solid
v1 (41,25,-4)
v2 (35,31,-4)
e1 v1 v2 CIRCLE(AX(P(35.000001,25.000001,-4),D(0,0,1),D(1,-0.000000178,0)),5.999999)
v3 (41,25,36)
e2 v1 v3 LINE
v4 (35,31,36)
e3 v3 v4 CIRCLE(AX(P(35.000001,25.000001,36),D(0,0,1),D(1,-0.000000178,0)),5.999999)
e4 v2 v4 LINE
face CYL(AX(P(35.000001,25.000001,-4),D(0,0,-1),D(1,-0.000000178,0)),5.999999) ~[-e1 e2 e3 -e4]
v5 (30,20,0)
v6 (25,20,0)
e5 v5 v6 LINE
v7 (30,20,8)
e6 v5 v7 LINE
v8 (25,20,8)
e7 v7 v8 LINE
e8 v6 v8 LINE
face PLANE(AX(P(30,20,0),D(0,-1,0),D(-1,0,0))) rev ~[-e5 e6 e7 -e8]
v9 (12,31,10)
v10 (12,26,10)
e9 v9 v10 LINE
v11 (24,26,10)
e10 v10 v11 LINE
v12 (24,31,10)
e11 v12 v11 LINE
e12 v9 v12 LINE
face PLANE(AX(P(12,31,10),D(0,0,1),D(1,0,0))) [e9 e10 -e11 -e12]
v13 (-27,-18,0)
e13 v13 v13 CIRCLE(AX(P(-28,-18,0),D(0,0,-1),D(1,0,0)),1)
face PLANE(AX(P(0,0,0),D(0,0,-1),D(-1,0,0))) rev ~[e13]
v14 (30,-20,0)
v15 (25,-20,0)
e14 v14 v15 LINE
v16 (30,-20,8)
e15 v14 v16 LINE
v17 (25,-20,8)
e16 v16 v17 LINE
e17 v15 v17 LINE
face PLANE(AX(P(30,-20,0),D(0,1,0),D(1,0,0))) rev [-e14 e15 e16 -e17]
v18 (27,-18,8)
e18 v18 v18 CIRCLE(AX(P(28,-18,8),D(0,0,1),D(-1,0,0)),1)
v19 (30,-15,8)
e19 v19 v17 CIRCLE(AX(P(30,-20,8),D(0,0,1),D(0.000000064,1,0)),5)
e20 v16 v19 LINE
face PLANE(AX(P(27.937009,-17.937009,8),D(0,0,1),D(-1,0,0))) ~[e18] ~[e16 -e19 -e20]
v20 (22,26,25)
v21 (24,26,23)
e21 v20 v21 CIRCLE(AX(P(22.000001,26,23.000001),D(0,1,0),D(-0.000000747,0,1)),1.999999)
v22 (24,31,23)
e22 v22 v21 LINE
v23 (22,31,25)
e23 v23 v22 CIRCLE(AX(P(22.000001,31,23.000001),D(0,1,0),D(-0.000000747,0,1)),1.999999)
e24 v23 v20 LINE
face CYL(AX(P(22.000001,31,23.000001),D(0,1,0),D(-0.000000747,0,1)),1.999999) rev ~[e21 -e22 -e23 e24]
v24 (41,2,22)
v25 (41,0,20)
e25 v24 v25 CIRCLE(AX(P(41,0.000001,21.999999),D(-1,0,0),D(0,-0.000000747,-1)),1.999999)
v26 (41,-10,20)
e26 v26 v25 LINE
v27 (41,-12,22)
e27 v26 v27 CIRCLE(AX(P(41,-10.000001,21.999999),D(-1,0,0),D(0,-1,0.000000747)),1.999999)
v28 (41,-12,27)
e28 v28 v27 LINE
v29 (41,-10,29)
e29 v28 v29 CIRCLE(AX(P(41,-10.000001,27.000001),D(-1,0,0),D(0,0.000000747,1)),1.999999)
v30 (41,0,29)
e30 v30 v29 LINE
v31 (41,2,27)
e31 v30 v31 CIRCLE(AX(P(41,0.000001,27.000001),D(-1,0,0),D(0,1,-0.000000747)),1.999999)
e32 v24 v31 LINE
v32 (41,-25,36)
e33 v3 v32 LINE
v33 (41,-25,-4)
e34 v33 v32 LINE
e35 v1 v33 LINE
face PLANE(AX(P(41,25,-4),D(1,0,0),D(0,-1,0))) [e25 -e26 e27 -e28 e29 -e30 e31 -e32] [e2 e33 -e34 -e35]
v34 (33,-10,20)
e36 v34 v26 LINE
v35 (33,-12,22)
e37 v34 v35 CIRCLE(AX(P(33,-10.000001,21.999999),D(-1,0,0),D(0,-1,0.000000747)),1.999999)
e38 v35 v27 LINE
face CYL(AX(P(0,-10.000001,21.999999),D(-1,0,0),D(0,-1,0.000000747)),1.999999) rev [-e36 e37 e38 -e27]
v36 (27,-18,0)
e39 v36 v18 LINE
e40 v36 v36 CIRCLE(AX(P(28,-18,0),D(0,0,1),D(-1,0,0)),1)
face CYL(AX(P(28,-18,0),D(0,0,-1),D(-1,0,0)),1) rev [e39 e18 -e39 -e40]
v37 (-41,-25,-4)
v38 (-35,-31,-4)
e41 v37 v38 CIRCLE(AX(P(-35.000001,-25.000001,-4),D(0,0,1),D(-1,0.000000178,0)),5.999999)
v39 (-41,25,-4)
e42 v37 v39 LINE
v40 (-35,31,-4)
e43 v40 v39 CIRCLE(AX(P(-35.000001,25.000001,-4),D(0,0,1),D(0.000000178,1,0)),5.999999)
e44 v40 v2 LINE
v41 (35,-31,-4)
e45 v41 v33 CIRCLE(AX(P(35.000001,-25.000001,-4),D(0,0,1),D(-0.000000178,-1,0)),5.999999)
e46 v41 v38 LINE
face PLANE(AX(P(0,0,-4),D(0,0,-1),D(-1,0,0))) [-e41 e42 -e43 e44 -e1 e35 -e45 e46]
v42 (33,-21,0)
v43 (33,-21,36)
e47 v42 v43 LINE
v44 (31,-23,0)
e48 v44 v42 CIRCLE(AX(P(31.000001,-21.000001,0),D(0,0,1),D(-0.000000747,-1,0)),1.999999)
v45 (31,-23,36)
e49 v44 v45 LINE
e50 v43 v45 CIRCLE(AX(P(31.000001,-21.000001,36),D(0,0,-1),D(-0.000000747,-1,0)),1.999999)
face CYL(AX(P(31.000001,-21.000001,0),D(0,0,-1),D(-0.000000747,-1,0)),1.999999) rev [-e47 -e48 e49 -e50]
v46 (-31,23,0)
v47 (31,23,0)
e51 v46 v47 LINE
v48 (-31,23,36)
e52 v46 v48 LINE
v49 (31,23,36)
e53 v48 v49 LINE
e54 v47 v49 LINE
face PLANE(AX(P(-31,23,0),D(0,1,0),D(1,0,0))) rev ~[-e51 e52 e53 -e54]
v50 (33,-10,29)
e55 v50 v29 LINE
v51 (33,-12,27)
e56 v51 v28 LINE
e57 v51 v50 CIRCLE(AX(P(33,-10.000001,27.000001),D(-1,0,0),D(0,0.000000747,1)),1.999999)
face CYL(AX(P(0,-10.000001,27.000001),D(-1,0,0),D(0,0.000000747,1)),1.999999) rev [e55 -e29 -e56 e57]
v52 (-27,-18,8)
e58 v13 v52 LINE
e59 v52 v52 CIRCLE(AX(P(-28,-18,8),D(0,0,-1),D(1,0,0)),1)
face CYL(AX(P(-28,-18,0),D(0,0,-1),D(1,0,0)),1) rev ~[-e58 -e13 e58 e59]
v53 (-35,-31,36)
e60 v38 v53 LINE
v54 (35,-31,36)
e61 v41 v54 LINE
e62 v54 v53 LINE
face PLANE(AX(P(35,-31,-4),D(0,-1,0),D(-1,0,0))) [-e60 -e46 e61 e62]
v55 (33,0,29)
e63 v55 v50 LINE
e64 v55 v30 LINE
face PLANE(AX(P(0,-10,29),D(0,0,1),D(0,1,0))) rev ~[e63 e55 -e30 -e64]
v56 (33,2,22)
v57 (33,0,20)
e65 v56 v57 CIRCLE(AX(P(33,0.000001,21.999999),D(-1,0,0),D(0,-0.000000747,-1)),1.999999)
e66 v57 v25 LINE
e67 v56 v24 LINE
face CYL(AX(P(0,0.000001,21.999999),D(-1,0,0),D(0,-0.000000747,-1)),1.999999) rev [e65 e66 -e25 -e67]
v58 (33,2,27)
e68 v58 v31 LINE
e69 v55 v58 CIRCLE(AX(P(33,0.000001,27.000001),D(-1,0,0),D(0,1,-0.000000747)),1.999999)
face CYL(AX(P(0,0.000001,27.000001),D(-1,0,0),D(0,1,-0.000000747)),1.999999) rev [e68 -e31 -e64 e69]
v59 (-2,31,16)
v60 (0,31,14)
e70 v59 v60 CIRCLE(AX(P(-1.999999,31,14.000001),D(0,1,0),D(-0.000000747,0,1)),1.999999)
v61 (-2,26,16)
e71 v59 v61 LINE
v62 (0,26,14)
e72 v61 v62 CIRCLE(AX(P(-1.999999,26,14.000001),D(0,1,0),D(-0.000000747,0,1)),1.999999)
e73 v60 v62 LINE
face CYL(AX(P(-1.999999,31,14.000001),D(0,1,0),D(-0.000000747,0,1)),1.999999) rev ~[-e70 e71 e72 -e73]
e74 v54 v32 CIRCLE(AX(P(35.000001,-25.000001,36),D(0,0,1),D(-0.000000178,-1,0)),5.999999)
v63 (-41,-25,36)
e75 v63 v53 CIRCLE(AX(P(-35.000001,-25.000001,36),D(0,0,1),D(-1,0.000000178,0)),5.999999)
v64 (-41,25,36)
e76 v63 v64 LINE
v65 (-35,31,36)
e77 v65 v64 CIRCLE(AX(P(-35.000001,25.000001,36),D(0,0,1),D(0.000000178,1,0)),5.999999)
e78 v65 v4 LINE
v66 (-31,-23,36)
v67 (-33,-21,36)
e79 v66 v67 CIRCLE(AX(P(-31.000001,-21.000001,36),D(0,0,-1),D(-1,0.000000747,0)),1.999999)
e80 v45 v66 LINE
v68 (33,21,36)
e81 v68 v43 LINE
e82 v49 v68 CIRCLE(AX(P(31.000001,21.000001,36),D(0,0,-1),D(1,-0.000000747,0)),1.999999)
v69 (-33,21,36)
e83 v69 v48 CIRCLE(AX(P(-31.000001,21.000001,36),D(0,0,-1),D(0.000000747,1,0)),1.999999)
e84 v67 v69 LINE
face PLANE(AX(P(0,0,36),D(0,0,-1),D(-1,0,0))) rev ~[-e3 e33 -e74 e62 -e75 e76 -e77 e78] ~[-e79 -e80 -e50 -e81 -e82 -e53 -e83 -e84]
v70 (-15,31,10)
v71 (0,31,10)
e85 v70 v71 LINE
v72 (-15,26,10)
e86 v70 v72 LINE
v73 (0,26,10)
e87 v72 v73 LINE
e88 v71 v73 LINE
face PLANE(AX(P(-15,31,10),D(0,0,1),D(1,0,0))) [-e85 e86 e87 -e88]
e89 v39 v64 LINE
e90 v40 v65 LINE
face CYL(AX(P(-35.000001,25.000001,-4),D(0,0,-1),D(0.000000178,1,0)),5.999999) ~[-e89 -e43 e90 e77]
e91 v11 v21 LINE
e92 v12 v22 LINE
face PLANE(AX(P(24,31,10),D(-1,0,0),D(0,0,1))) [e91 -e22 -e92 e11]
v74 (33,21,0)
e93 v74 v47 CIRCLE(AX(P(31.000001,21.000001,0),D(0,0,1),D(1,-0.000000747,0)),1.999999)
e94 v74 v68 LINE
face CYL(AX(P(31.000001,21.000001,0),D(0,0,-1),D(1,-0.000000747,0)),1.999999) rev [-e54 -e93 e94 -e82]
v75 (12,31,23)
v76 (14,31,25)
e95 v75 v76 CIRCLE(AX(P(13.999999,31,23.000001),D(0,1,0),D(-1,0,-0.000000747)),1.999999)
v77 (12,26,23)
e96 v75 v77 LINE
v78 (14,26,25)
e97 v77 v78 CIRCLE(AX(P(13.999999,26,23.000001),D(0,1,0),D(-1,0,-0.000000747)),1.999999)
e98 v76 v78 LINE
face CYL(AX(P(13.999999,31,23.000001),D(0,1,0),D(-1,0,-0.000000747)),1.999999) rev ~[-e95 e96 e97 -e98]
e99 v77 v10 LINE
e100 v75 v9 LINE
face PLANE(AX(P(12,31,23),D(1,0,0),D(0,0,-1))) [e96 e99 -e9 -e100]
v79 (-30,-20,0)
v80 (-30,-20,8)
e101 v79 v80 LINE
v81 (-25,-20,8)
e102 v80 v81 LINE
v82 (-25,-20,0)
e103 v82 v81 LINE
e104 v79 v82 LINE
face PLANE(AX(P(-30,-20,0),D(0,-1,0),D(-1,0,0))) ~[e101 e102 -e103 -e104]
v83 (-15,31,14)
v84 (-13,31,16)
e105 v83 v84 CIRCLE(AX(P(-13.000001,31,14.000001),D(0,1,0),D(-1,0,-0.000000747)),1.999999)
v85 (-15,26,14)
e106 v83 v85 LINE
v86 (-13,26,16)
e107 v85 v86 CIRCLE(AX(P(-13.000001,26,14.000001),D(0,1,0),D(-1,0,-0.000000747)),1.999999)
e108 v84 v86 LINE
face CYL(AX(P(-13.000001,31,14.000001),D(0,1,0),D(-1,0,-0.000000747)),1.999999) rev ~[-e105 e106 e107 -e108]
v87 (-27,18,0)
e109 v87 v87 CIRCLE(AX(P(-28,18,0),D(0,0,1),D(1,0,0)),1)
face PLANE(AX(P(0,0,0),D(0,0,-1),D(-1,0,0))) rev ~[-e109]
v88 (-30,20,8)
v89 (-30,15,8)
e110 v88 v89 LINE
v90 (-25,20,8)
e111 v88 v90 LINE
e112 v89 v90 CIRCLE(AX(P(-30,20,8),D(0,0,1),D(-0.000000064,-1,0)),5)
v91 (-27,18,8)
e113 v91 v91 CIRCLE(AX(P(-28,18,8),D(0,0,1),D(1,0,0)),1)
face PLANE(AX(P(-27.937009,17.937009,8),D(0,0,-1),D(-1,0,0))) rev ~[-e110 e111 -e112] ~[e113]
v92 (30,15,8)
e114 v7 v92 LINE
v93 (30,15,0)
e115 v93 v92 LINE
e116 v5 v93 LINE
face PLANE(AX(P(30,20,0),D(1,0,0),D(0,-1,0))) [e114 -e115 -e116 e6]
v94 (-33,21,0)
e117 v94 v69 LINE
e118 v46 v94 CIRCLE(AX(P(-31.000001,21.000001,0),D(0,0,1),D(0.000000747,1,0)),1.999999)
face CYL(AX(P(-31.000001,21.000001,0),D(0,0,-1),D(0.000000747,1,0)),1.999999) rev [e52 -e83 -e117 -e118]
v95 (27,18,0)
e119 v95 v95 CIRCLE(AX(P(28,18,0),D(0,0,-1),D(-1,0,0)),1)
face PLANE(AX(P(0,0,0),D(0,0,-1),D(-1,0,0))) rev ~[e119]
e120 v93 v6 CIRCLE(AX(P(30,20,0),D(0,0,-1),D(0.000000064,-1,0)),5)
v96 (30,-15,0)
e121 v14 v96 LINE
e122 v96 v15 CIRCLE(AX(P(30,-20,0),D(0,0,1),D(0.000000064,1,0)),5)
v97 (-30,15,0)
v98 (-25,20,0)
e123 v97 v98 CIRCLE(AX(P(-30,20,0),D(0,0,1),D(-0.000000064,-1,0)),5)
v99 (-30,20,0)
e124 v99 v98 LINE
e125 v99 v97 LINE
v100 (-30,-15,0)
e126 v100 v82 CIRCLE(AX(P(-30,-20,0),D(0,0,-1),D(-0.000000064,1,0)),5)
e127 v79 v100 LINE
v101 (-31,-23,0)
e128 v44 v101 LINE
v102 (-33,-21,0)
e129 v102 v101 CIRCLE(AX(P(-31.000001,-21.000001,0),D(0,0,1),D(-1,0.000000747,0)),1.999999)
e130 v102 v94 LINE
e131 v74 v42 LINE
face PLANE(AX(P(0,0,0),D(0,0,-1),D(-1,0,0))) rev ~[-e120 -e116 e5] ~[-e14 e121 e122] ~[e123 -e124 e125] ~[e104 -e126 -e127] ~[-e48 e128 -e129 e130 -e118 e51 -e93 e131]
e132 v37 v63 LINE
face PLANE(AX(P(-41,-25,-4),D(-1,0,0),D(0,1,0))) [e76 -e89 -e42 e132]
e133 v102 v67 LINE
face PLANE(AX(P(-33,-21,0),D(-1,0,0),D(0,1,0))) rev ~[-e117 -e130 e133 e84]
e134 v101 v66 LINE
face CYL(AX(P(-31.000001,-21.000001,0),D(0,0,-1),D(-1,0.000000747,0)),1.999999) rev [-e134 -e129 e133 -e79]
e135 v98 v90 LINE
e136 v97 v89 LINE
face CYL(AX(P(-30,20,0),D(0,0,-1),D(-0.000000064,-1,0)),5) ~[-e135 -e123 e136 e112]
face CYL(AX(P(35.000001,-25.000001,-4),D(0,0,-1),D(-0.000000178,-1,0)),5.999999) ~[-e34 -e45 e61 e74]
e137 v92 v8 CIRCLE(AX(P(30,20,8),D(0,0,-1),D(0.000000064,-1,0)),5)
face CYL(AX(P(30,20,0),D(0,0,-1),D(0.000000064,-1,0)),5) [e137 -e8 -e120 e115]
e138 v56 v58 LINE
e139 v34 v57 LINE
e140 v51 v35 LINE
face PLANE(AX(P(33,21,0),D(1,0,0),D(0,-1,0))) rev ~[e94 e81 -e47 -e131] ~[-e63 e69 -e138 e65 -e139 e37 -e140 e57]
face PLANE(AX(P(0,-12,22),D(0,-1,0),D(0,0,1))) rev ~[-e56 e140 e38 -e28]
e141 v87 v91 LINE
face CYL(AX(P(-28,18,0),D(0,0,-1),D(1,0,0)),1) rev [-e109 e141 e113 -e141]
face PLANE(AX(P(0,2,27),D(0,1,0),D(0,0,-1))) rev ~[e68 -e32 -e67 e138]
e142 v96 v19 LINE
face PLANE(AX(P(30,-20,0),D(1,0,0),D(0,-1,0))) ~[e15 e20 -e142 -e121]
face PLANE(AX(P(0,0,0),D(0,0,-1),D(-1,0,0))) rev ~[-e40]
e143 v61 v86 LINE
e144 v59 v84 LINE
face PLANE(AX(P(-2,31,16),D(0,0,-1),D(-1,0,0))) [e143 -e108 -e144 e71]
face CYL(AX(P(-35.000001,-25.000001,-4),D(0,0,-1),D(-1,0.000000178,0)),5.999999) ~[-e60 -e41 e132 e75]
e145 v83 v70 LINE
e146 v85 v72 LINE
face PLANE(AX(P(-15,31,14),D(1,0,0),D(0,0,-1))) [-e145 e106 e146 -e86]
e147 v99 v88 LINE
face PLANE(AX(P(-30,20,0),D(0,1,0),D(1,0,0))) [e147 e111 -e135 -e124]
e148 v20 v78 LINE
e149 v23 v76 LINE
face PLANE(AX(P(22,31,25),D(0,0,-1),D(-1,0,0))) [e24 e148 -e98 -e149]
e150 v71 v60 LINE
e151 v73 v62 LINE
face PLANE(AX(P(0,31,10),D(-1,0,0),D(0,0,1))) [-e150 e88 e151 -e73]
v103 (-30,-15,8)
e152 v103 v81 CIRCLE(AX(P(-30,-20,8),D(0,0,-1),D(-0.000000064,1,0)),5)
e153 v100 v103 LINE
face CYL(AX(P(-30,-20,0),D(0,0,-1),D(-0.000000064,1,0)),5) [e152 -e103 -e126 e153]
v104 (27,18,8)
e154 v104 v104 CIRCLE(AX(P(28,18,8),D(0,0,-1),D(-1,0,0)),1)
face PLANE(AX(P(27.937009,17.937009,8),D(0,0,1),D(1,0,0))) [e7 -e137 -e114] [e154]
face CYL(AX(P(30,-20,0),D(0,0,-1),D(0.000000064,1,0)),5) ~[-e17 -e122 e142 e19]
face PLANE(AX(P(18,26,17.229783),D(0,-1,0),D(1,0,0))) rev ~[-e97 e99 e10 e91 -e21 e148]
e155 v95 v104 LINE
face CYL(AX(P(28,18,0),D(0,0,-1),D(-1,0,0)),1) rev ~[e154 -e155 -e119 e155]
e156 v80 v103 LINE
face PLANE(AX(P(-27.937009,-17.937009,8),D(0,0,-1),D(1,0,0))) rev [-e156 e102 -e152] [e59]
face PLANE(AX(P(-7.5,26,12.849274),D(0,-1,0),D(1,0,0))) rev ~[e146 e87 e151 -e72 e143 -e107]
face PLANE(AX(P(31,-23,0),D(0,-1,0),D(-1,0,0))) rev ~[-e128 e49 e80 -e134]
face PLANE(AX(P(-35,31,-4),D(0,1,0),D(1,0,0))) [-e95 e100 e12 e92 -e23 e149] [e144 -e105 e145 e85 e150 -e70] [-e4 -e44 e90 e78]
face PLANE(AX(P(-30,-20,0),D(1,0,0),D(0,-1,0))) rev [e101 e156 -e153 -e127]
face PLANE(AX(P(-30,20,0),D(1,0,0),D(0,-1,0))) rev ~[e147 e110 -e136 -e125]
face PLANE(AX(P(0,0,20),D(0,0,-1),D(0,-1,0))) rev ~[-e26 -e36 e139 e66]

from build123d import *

# Parameters (mm, degrees)
PAD_DEPTH               = 40
POCKET_DEPTH            = 36.001
SKETCH002_R             = 1
PAD001_DEPTH            = 8
SKETCH002_MIRRORED_2_R  = 1
PAD001_MIRRORED_2_DEPTH = 8
POCKET001_DEPTH         = 41.001
POCKET002_DEPTH         = 5


with BuildPart() as part:
    # Sketch → Pad (new body)
    with BuildSketch(Plane.XY.offset(-4)):
        with BuildLine():
            Line((-35, 31), (35, 31))
            ThreePointArc((41, 25), (39.242641, 29.242641), (35, 31))
            Line((41, 25), (41, -25))
            ThreePointArc((35, -31), (39.242641, -29.242641), (41, -25))
            Line((35, -31), (-35, -31))
            ThreePointArc((-41, -25), (-39.242641, -29.242641), (-35, -31))
            Line((-41, -25), (-41, 25))
            ThreePointArc((-35, 31), (-39.242641, 29.242641), (-41, 25))
        make_face()
    extrude(amount=PAD_DEPTH)

    # Sketch001 → Pocket (cut, through all)
    with BuildSketch(Plane.XY):
        with BuildLine():
            Line((-31, 23), (31, 23))
            ThreePointArc((33, 21), (32.414214, 22.414214), (31, 23))
            Line((33, 21), (33, -21))
            ThreePointArc((31, -23), (32.414214, -22.414214), (33, -21))
            Line((31, -23), (-31, -23))
            ThreePointArc((-33, -21), (-32.414214, -22.414214), (-31, -23))
            Line((-33, -21), (-33, 21))
            ThreePointArc((-31, 23), (-32.414214, 22.414214), (-33, 21))
        make_face()
    extrude(amount=POCKET_DEPTH, mode=Mode.SUBTRACT)

    # Sketch002 → Pad001 (join)
    with BuildSketch(Plane.XY):
        with BuildLine():
            Line((-30, 20), (-25, 20))
            ThreePointArc((-30, 15), (-26.464466, 16.464466), (-25, 20))
            Line((-30, 20), (-30, 15))
        make_face()
        with Locations((-28, 18)):
            Circle(SKETCH002_R, mode=Mode.SUBTRACT)
    pad001 = extrude(amount=PAD001_DEPTH)

    # Sketch002 Mirrored 2 → Pad001 Mirrored 2 (add)
    with BuildSketch(Plane(origin=(0, 0, 0), x_dir=(-1, 0, 0), z_dir=(0, 0, -1))):
        with BuildLine():
            Line((-30, 20), (-25, 20))
            ThreePointArc((-30, 15), (-26.464466, 16.464466), (-25, 20))
            Line((-30, 20), (-30, 15))
        make_face()
        with Locations((-28, 18)):
            Circle(SKETCH002_MIRRORED_2_R, mode=Mode.SUBTRACT)
    pad001_mirrored_2 = extrude(amount=-PAD001_MIRRORED_2_DEPTH)

    # Mirrored001: Pad001, Pad001 Mirrored 2 across Sketch002 H_Axis
    add(pad001.mirror(Plane.ZX))
    add(pad001_mirrored_2.mirror(Plane.ZX))

    # Sketch003 → Pocket001 (cut, through all)
    with BuildSketch(Plane.YZ):
        with BuildLine():
            Line((0, 20), (-10, 20))
            ThreePointArc((-12, 22), (-11.414214, 20.585786), (-10, 20))
            Line((-12, 22), (-12, 27))
            ThreePointArc((-10, 29), (-11.414214, 28.414214), (-12, 27))
            Line((-10, 29), (0, 29))
            ThreePointArc((2, 27), (1.414214, 28.414214), (0, 29))
            Line((2, 27), (2, 22))
            ThreePointArc((0, 20), (1.414214, 20.585786), (2, 22))
        make_face()
    extrude(amount=POCKET001_DEPTH, mode=Mode.SUBTRACT)

    # Sketch004 (on Face7 of Pocket001) → Pocket002 (cut)
    with BuildSketch(Plane(origin=(0, 31, 0), x_dir=(-1, 0, 0), z_dir=(0, 1, 0))):
        with BuildLine():
            Line((-22, 25), (-14, 25))
            ThreePointArc((-12, 23), (-12.585786, 24.414214), (-14, 25))
            Line((-12, 23), (-12, 10))
            Line((-12, 10), (-24, 10))
            Line((-24, 10), (-24, 23))
            ThreePointArc((-22, 25), (-23.414214, 24.414214), (-24, 23))
        make_face()
        with BuildLine():
            Line((2, 16), (13, 16))
            ThreePointArc((15, 14), (14.414214, 15.414214), (13, 16))
            Line((15, 14), (15, 10))
            Line((15, 10), (0, 10))
            Line((0, 10), (0, 14))
            ThreePointArc((2, 16), (0.585786, 15.414214), (0, 14))
        make_face()
    extrude(amount=-POCKET002_DEPTH, mode=Mode.SUBTRACT)


solid = part.part
